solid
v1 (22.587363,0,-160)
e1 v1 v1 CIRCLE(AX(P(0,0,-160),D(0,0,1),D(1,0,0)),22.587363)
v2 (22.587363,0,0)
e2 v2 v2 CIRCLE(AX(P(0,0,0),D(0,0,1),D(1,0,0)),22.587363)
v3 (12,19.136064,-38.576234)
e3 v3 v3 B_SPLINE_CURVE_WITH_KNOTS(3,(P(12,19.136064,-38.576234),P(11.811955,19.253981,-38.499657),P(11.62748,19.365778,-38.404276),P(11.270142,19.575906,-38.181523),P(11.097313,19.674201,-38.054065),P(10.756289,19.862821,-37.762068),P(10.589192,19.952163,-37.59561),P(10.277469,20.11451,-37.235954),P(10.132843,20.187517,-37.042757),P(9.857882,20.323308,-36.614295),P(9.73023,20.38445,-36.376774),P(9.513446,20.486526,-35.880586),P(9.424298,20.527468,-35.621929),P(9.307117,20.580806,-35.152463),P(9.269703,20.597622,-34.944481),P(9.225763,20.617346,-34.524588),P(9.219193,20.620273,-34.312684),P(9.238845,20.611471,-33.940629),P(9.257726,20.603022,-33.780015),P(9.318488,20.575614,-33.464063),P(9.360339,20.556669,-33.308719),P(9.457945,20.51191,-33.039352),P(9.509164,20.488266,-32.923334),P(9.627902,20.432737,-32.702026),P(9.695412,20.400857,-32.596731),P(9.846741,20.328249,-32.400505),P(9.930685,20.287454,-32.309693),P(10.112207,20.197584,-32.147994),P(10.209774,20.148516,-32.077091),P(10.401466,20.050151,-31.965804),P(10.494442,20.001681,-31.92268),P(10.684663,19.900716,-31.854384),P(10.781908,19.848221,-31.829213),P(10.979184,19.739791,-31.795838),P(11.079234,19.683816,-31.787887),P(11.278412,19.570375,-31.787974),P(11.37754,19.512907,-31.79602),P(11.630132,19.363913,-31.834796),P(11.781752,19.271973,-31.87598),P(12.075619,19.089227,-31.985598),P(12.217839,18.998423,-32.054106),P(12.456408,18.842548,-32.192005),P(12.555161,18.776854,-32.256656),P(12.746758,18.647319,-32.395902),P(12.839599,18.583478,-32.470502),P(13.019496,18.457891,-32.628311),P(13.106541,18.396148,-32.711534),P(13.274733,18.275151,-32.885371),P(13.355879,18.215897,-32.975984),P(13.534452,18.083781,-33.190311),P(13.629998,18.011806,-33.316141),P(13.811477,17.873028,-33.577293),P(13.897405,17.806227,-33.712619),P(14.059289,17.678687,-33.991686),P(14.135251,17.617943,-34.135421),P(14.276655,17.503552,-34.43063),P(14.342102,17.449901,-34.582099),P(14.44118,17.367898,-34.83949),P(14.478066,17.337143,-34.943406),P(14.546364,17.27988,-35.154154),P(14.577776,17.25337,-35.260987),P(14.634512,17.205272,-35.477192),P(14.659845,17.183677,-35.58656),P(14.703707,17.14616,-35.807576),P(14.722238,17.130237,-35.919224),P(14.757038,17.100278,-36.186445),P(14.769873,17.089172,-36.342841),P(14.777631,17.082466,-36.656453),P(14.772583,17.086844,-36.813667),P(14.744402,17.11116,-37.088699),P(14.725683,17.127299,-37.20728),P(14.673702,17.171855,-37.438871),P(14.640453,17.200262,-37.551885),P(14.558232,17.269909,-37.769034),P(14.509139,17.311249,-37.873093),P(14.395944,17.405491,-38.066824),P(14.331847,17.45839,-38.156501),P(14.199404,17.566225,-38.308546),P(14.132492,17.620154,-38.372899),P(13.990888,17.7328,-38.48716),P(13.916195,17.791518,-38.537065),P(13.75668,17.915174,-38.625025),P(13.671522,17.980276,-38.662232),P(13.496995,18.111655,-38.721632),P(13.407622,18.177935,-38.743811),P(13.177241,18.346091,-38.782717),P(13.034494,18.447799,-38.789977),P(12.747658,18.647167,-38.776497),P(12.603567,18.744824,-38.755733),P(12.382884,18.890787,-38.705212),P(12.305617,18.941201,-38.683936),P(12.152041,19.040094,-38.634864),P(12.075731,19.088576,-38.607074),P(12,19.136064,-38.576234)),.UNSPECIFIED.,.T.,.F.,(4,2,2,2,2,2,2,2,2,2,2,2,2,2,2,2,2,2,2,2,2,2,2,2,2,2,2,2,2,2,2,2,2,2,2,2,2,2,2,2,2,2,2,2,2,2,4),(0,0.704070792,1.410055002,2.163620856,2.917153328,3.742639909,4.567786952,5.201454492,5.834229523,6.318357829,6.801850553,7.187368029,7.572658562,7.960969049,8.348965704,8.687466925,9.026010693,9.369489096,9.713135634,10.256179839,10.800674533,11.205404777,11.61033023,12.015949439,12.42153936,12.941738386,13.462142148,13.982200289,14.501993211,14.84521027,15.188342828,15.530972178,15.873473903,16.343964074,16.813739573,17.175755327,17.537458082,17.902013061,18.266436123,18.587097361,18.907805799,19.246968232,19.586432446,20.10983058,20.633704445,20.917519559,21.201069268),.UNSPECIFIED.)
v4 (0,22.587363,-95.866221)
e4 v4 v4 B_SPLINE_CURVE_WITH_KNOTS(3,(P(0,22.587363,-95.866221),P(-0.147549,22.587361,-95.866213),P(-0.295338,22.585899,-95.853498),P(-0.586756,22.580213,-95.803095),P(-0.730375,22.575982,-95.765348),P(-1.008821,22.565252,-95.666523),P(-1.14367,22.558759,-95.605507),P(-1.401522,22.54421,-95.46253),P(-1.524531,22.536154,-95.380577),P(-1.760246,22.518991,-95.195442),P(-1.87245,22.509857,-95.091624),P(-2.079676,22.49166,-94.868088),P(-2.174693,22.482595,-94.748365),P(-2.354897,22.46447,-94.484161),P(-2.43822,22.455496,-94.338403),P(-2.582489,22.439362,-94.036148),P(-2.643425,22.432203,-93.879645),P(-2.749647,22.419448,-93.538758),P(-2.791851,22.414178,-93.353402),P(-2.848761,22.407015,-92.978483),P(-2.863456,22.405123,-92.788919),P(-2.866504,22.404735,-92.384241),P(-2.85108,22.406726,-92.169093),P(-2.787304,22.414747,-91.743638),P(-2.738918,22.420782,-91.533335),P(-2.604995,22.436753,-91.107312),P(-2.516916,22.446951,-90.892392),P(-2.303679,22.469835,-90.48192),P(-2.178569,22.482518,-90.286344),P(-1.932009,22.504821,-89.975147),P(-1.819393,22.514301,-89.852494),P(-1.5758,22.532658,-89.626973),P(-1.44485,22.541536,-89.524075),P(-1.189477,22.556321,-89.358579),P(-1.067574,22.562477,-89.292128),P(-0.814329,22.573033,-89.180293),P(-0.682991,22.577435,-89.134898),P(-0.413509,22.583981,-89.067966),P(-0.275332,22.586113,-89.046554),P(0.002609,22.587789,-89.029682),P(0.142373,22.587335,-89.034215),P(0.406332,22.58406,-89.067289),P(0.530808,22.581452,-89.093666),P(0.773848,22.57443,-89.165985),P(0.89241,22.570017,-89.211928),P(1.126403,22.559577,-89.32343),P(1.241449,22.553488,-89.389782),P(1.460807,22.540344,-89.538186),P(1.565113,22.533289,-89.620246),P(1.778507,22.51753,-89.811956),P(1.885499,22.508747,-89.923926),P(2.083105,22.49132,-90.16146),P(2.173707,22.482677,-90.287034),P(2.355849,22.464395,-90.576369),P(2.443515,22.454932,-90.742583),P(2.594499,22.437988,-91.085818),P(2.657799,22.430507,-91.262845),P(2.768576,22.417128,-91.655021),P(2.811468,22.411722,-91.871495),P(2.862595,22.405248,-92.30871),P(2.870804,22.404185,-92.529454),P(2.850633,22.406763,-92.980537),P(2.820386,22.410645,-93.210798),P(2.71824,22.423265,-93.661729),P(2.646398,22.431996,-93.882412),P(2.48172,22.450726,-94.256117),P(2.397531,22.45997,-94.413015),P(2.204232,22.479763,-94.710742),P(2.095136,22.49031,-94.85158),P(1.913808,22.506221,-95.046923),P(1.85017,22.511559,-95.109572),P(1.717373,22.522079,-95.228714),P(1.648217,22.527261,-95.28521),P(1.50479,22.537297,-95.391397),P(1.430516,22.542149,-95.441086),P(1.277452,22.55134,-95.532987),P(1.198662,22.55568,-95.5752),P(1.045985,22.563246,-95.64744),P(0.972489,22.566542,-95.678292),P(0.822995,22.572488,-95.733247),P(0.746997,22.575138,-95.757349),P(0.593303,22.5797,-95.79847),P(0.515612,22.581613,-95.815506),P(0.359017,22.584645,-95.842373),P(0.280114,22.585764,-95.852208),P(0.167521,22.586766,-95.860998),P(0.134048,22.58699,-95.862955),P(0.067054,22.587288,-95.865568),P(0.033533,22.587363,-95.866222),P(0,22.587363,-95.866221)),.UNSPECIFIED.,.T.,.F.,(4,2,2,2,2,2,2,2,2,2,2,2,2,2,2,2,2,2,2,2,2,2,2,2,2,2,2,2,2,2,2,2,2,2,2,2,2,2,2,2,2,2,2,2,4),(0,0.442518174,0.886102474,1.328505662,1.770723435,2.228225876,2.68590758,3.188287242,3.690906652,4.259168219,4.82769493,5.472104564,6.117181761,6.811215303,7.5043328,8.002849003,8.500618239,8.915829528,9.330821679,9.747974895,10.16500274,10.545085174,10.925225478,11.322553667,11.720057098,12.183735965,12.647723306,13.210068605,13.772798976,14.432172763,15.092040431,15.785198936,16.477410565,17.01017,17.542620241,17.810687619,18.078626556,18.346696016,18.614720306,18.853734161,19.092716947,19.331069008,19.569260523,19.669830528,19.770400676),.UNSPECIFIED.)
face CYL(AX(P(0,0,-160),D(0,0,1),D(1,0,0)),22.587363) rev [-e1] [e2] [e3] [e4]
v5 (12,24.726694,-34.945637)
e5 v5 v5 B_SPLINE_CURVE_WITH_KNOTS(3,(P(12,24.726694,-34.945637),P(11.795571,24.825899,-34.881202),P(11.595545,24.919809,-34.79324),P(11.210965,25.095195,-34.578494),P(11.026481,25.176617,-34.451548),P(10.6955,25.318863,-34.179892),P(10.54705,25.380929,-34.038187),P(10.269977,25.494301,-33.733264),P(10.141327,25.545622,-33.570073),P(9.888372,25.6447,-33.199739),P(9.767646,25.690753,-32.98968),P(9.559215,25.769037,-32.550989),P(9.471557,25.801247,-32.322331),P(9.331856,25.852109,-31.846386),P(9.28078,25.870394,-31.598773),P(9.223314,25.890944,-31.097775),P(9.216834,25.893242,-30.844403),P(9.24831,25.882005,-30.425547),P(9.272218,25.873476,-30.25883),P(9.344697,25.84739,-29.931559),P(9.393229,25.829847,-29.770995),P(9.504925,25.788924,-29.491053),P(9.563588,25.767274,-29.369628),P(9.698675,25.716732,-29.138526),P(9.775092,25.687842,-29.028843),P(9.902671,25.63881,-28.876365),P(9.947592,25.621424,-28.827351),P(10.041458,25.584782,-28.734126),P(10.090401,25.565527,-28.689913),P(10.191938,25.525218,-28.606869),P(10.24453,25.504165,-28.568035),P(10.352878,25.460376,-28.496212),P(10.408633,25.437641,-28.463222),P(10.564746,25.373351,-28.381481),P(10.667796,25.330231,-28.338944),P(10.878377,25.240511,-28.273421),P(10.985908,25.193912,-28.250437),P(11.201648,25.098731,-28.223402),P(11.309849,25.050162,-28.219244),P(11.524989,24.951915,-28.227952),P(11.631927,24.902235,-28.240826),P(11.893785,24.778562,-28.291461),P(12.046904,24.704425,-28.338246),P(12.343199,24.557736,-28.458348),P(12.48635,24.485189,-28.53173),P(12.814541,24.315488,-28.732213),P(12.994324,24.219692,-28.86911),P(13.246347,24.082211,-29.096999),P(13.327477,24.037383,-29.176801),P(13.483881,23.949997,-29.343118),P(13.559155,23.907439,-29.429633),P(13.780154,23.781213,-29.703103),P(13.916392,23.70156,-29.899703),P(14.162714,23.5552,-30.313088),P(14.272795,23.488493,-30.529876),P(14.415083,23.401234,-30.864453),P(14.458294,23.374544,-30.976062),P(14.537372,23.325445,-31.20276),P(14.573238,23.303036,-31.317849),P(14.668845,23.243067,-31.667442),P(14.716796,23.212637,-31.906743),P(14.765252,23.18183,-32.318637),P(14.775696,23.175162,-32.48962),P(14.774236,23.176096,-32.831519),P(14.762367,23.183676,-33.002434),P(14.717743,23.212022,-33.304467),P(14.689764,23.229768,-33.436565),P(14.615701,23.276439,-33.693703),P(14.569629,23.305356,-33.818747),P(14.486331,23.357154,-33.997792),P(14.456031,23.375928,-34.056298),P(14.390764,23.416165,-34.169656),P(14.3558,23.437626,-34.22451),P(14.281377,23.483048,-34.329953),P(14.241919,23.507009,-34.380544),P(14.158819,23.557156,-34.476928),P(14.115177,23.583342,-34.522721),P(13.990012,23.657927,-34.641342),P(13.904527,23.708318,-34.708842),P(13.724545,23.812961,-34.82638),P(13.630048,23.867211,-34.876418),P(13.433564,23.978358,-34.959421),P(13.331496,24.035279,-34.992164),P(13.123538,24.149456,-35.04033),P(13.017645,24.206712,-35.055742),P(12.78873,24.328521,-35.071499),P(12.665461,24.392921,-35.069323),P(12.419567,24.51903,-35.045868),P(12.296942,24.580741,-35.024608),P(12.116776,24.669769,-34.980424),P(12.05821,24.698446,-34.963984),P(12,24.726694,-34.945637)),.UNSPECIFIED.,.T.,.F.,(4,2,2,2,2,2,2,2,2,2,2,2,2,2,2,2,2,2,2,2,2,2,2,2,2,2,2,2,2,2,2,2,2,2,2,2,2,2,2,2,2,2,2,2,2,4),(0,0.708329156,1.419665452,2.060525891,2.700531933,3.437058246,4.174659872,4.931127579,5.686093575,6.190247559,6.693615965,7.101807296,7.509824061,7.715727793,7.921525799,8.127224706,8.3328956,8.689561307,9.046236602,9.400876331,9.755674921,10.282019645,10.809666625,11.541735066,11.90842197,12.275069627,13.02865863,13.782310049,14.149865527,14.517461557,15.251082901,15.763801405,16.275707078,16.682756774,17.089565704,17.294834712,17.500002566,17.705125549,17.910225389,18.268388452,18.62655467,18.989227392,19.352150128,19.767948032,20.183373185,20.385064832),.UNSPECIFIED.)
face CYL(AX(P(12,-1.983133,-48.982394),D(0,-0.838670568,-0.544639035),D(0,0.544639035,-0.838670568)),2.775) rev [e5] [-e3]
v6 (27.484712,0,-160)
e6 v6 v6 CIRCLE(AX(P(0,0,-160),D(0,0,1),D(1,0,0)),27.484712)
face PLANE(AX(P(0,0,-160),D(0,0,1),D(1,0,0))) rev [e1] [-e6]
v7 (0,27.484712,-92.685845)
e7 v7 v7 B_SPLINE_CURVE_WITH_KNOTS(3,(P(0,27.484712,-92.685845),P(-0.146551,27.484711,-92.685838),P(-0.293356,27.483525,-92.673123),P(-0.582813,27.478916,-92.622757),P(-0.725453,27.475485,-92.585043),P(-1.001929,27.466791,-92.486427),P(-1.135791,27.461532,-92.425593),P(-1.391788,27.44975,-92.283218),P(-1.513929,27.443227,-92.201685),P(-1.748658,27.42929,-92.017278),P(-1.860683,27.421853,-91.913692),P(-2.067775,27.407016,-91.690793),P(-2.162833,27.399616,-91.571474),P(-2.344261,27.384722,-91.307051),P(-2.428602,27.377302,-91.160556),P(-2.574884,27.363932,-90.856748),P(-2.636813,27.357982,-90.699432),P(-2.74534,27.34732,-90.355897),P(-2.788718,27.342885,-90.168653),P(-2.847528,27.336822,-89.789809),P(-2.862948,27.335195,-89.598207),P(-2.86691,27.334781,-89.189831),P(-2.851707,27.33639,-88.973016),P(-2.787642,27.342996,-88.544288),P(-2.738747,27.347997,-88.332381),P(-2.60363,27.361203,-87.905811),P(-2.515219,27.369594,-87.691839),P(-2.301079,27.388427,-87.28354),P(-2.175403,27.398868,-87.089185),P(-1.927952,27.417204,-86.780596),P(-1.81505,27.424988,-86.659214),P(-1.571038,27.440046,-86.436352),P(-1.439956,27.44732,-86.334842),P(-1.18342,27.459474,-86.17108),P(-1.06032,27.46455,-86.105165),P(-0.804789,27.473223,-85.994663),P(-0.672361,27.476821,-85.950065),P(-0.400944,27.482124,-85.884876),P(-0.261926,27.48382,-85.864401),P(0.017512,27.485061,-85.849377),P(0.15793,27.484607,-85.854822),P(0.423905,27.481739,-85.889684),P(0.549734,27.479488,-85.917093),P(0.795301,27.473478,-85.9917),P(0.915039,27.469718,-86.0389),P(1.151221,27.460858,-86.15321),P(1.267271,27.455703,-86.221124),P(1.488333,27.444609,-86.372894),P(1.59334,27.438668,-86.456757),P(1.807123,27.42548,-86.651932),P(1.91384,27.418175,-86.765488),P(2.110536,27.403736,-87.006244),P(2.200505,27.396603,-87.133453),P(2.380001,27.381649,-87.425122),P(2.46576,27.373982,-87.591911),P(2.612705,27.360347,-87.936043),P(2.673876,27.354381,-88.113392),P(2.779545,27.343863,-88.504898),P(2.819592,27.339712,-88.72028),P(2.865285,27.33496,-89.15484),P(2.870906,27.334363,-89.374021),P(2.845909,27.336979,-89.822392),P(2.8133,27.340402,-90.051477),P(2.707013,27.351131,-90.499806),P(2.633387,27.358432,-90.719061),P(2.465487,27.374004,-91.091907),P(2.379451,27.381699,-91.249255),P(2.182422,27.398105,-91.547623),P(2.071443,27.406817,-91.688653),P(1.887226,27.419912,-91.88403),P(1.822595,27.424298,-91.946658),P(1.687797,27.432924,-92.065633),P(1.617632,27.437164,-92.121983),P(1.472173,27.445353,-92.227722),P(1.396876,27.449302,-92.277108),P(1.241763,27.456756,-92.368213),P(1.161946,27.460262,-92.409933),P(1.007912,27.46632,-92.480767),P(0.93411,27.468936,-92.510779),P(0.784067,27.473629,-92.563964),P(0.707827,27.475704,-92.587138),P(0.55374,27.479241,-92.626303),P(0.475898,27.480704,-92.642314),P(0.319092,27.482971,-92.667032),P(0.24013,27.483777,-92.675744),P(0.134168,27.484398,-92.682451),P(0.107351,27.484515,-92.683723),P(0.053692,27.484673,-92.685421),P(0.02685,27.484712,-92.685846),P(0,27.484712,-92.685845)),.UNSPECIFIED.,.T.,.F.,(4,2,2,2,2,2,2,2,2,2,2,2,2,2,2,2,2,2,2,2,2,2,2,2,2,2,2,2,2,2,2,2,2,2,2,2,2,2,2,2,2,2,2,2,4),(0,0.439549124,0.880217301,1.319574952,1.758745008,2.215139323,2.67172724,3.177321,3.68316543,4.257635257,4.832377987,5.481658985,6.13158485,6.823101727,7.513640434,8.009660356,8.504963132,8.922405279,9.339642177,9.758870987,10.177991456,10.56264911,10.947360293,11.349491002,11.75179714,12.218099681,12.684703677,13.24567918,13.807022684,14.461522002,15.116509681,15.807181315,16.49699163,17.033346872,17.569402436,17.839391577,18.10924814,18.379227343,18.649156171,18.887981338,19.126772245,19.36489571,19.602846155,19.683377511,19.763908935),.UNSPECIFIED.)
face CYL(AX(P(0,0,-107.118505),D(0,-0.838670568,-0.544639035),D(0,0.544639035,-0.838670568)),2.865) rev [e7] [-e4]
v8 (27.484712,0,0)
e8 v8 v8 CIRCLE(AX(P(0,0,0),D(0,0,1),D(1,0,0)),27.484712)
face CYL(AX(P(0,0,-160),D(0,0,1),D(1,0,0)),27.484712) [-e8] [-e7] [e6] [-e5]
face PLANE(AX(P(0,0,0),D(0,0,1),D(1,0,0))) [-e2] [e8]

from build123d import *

# Parameters (mm, degrees)
SKIZZE1_R                       = 27.484712029
SKIZZE1_R_2                     = 22.58736277
AUFSATZ_LINEAR_AUSTRAGEN1_DEPTH = 160


with BuildPart() as part:
    # Skizze1 → Aufsatz-Linear austragen1 (new body)
    with BuildSketch(Plane.XY):
        Circle(SKIZZE1_R)
        Circle(SKIZZE1_R_2, mode=Mode.SUBTRACT)
    extrude(amount=-AUFSATZ_LINEAR_AUSTRAGEN1_DEPTH)

    # Skizze6 → Ø6.0 (6) Durchmesser Bohrung2 (revolve, cut)
    with BuildSketch(Plane(origin=(0, 0, -107.118504804), x_dir=(0, 0.544639035, -0.838670568), z_dir=(1, 0, 0))):
        Polygon((0, 0), (0, 83.113387119), (2.865, 81.391921446), (2.865, 0), align=None)
    revolve(axis=Axis((0, -5.325558106, -110.576962677), (0, 0.838670568, 0.544639035)), mode=Mode.SUBTRACT)

    # Skizze9 → Ø6.0 (6) Durchmesser Bohrung3 (revolve, cut)
    with BuildSketch(Plane(origin=(12, -1.983133308, -48.982393542), x_dir=(0, 0.544639035, -0.838670568), z_dir=(1, 0, 0))):
        Polygon((0, 0), (0, 53.059309664), (2.775, 51.391921446), (2.775, 0), align=None)
    revolve(axis=Axis((12, -7.308691414, -52.440851414), (0, 0.838670568, 0.544639035)), mode=Mode.SUBTRACT)


solid = part.part
